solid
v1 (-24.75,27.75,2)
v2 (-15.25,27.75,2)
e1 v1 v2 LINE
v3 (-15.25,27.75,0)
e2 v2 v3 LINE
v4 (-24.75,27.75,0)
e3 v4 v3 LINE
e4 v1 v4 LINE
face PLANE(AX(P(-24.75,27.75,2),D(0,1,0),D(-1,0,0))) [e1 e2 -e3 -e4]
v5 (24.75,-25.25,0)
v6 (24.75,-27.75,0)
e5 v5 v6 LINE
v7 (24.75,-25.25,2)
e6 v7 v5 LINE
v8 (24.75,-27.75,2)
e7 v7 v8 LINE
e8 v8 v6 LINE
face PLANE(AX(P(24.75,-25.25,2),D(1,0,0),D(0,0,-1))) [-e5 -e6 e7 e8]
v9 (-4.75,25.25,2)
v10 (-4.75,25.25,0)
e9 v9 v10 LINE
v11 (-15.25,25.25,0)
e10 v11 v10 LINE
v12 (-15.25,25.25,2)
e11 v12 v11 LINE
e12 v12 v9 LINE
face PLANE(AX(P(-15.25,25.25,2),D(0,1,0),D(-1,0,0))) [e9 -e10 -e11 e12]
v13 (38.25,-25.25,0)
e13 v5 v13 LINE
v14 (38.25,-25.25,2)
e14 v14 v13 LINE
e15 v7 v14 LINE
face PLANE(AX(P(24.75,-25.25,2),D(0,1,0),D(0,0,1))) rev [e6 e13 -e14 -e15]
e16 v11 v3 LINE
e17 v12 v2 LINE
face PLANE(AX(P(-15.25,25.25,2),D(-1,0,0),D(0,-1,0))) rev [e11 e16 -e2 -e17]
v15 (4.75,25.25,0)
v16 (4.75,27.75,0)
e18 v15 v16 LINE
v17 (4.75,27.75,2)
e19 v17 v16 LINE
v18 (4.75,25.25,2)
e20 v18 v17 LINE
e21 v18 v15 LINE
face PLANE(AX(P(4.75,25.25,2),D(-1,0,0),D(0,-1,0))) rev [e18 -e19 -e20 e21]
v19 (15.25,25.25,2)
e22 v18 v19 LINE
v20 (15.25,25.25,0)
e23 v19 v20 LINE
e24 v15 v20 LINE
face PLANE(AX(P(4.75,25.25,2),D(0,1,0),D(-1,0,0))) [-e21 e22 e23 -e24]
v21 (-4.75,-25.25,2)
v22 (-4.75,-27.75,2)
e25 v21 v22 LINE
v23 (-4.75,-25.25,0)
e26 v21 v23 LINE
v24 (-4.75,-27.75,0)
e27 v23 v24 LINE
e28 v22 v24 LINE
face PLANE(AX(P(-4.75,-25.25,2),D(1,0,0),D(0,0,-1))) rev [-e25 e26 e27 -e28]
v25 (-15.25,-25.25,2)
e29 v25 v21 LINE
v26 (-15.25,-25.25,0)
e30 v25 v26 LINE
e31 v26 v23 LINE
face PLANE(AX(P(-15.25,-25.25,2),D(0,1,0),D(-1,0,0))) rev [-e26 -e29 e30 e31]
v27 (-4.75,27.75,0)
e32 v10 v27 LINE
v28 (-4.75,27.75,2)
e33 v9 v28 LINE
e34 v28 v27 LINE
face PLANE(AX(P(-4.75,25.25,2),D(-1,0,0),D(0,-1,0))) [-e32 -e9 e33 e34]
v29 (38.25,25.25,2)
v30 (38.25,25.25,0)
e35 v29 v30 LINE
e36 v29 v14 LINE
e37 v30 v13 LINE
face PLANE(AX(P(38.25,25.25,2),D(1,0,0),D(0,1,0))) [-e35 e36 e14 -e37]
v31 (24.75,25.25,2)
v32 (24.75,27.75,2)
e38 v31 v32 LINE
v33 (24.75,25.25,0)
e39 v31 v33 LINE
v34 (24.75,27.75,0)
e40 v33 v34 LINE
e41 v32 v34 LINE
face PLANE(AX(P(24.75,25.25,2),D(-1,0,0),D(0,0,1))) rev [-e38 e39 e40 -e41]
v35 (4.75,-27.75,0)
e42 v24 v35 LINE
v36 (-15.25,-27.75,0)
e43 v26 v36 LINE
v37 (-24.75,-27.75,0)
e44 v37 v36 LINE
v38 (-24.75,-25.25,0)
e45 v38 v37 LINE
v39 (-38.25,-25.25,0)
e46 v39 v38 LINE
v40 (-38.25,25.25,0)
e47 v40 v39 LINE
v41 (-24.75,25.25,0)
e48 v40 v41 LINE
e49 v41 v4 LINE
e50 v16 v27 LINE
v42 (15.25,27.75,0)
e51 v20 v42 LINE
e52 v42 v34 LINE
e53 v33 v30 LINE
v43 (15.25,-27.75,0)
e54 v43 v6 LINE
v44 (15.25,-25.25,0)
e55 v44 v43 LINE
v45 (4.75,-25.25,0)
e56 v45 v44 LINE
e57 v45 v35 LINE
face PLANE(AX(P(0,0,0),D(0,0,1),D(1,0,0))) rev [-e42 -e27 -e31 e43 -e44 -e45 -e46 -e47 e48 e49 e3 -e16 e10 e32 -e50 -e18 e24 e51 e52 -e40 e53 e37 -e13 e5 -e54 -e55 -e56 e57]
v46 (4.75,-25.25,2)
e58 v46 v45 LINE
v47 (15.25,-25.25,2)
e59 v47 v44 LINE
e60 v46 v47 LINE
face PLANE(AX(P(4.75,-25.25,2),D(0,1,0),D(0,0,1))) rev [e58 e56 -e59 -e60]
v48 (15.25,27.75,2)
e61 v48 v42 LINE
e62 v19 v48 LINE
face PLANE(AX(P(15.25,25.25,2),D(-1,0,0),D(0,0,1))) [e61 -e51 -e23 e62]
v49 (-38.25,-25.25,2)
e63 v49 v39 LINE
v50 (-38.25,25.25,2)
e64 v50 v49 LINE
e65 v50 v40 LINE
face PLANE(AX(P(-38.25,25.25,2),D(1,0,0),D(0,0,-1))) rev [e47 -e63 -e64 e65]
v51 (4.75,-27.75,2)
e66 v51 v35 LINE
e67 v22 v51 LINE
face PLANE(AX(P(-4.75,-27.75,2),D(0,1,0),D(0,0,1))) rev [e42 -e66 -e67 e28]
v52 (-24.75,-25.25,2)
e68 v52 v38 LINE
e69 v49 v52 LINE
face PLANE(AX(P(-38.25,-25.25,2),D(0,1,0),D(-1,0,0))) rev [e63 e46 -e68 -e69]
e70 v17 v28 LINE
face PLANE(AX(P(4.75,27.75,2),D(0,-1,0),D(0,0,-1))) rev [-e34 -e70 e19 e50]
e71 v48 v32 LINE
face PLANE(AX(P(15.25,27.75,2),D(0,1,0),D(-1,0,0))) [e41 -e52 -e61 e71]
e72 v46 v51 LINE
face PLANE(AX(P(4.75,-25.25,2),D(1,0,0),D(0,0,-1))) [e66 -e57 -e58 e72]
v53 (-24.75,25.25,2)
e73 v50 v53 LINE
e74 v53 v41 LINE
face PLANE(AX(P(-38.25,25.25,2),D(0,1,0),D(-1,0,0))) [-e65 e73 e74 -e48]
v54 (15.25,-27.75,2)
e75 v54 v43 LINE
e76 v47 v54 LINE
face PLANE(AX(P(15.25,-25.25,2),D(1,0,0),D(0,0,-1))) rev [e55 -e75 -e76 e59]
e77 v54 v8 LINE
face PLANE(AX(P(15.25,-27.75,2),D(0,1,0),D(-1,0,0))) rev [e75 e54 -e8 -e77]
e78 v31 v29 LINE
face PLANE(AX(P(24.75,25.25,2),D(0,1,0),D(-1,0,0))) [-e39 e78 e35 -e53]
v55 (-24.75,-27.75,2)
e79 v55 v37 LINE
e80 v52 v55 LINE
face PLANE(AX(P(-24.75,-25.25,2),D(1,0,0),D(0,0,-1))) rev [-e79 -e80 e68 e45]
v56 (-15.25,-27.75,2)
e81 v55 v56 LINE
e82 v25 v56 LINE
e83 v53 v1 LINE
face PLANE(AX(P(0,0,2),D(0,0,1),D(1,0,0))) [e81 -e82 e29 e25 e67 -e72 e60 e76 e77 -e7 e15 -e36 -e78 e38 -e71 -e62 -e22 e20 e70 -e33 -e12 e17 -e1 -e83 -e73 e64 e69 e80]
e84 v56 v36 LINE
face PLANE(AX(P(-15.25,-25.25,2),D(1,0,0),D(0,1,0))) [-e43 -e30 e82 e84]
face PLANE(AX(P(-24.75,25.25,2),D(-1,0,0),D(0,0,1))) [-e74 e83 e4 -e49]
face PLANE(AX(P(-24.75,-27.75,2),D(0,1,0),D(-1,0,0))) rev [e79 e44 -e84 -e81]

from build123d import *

# Parameters (mm, degrees)
BOSS_EXTRU_1_DEPTH = 2


with BuildPart() as part:
    # Esquisse1 → Boss.-Extru.1 (new body)
    with BuildSketch(Plane.XY):
        Polygon((-15.25, 25.25), (-4.75, 25.25), (-4.75, 27.75), (4.75, 27.75), (4.75, 25.25), (15.25, 25.25), (15.25, 27.75), (24.75, 27.75), (24.75, 25.25), (38.25, 25.25), (38.25, -25.25), (24.75, -25.25), (24.75, -27.75), (15.25, -27.75), (15.25, -25.25), (4.75, -25.25), (4.75, -27.75), (-4.75, -27.75), (-4.75, -25.25), (-15.25, -25.25), (-15.25, -27.75), (-24.75, -27.75), (-24.75, -25.25), (-38.25, -25.25), (-38.25, 25.25), (-24.75, 25.25), (-24.75, 27.75), (-15.25, 27.75), align=None)
    extrude(amount=BOSS_EXTRU_1_DEPTH)


solid = part.part
